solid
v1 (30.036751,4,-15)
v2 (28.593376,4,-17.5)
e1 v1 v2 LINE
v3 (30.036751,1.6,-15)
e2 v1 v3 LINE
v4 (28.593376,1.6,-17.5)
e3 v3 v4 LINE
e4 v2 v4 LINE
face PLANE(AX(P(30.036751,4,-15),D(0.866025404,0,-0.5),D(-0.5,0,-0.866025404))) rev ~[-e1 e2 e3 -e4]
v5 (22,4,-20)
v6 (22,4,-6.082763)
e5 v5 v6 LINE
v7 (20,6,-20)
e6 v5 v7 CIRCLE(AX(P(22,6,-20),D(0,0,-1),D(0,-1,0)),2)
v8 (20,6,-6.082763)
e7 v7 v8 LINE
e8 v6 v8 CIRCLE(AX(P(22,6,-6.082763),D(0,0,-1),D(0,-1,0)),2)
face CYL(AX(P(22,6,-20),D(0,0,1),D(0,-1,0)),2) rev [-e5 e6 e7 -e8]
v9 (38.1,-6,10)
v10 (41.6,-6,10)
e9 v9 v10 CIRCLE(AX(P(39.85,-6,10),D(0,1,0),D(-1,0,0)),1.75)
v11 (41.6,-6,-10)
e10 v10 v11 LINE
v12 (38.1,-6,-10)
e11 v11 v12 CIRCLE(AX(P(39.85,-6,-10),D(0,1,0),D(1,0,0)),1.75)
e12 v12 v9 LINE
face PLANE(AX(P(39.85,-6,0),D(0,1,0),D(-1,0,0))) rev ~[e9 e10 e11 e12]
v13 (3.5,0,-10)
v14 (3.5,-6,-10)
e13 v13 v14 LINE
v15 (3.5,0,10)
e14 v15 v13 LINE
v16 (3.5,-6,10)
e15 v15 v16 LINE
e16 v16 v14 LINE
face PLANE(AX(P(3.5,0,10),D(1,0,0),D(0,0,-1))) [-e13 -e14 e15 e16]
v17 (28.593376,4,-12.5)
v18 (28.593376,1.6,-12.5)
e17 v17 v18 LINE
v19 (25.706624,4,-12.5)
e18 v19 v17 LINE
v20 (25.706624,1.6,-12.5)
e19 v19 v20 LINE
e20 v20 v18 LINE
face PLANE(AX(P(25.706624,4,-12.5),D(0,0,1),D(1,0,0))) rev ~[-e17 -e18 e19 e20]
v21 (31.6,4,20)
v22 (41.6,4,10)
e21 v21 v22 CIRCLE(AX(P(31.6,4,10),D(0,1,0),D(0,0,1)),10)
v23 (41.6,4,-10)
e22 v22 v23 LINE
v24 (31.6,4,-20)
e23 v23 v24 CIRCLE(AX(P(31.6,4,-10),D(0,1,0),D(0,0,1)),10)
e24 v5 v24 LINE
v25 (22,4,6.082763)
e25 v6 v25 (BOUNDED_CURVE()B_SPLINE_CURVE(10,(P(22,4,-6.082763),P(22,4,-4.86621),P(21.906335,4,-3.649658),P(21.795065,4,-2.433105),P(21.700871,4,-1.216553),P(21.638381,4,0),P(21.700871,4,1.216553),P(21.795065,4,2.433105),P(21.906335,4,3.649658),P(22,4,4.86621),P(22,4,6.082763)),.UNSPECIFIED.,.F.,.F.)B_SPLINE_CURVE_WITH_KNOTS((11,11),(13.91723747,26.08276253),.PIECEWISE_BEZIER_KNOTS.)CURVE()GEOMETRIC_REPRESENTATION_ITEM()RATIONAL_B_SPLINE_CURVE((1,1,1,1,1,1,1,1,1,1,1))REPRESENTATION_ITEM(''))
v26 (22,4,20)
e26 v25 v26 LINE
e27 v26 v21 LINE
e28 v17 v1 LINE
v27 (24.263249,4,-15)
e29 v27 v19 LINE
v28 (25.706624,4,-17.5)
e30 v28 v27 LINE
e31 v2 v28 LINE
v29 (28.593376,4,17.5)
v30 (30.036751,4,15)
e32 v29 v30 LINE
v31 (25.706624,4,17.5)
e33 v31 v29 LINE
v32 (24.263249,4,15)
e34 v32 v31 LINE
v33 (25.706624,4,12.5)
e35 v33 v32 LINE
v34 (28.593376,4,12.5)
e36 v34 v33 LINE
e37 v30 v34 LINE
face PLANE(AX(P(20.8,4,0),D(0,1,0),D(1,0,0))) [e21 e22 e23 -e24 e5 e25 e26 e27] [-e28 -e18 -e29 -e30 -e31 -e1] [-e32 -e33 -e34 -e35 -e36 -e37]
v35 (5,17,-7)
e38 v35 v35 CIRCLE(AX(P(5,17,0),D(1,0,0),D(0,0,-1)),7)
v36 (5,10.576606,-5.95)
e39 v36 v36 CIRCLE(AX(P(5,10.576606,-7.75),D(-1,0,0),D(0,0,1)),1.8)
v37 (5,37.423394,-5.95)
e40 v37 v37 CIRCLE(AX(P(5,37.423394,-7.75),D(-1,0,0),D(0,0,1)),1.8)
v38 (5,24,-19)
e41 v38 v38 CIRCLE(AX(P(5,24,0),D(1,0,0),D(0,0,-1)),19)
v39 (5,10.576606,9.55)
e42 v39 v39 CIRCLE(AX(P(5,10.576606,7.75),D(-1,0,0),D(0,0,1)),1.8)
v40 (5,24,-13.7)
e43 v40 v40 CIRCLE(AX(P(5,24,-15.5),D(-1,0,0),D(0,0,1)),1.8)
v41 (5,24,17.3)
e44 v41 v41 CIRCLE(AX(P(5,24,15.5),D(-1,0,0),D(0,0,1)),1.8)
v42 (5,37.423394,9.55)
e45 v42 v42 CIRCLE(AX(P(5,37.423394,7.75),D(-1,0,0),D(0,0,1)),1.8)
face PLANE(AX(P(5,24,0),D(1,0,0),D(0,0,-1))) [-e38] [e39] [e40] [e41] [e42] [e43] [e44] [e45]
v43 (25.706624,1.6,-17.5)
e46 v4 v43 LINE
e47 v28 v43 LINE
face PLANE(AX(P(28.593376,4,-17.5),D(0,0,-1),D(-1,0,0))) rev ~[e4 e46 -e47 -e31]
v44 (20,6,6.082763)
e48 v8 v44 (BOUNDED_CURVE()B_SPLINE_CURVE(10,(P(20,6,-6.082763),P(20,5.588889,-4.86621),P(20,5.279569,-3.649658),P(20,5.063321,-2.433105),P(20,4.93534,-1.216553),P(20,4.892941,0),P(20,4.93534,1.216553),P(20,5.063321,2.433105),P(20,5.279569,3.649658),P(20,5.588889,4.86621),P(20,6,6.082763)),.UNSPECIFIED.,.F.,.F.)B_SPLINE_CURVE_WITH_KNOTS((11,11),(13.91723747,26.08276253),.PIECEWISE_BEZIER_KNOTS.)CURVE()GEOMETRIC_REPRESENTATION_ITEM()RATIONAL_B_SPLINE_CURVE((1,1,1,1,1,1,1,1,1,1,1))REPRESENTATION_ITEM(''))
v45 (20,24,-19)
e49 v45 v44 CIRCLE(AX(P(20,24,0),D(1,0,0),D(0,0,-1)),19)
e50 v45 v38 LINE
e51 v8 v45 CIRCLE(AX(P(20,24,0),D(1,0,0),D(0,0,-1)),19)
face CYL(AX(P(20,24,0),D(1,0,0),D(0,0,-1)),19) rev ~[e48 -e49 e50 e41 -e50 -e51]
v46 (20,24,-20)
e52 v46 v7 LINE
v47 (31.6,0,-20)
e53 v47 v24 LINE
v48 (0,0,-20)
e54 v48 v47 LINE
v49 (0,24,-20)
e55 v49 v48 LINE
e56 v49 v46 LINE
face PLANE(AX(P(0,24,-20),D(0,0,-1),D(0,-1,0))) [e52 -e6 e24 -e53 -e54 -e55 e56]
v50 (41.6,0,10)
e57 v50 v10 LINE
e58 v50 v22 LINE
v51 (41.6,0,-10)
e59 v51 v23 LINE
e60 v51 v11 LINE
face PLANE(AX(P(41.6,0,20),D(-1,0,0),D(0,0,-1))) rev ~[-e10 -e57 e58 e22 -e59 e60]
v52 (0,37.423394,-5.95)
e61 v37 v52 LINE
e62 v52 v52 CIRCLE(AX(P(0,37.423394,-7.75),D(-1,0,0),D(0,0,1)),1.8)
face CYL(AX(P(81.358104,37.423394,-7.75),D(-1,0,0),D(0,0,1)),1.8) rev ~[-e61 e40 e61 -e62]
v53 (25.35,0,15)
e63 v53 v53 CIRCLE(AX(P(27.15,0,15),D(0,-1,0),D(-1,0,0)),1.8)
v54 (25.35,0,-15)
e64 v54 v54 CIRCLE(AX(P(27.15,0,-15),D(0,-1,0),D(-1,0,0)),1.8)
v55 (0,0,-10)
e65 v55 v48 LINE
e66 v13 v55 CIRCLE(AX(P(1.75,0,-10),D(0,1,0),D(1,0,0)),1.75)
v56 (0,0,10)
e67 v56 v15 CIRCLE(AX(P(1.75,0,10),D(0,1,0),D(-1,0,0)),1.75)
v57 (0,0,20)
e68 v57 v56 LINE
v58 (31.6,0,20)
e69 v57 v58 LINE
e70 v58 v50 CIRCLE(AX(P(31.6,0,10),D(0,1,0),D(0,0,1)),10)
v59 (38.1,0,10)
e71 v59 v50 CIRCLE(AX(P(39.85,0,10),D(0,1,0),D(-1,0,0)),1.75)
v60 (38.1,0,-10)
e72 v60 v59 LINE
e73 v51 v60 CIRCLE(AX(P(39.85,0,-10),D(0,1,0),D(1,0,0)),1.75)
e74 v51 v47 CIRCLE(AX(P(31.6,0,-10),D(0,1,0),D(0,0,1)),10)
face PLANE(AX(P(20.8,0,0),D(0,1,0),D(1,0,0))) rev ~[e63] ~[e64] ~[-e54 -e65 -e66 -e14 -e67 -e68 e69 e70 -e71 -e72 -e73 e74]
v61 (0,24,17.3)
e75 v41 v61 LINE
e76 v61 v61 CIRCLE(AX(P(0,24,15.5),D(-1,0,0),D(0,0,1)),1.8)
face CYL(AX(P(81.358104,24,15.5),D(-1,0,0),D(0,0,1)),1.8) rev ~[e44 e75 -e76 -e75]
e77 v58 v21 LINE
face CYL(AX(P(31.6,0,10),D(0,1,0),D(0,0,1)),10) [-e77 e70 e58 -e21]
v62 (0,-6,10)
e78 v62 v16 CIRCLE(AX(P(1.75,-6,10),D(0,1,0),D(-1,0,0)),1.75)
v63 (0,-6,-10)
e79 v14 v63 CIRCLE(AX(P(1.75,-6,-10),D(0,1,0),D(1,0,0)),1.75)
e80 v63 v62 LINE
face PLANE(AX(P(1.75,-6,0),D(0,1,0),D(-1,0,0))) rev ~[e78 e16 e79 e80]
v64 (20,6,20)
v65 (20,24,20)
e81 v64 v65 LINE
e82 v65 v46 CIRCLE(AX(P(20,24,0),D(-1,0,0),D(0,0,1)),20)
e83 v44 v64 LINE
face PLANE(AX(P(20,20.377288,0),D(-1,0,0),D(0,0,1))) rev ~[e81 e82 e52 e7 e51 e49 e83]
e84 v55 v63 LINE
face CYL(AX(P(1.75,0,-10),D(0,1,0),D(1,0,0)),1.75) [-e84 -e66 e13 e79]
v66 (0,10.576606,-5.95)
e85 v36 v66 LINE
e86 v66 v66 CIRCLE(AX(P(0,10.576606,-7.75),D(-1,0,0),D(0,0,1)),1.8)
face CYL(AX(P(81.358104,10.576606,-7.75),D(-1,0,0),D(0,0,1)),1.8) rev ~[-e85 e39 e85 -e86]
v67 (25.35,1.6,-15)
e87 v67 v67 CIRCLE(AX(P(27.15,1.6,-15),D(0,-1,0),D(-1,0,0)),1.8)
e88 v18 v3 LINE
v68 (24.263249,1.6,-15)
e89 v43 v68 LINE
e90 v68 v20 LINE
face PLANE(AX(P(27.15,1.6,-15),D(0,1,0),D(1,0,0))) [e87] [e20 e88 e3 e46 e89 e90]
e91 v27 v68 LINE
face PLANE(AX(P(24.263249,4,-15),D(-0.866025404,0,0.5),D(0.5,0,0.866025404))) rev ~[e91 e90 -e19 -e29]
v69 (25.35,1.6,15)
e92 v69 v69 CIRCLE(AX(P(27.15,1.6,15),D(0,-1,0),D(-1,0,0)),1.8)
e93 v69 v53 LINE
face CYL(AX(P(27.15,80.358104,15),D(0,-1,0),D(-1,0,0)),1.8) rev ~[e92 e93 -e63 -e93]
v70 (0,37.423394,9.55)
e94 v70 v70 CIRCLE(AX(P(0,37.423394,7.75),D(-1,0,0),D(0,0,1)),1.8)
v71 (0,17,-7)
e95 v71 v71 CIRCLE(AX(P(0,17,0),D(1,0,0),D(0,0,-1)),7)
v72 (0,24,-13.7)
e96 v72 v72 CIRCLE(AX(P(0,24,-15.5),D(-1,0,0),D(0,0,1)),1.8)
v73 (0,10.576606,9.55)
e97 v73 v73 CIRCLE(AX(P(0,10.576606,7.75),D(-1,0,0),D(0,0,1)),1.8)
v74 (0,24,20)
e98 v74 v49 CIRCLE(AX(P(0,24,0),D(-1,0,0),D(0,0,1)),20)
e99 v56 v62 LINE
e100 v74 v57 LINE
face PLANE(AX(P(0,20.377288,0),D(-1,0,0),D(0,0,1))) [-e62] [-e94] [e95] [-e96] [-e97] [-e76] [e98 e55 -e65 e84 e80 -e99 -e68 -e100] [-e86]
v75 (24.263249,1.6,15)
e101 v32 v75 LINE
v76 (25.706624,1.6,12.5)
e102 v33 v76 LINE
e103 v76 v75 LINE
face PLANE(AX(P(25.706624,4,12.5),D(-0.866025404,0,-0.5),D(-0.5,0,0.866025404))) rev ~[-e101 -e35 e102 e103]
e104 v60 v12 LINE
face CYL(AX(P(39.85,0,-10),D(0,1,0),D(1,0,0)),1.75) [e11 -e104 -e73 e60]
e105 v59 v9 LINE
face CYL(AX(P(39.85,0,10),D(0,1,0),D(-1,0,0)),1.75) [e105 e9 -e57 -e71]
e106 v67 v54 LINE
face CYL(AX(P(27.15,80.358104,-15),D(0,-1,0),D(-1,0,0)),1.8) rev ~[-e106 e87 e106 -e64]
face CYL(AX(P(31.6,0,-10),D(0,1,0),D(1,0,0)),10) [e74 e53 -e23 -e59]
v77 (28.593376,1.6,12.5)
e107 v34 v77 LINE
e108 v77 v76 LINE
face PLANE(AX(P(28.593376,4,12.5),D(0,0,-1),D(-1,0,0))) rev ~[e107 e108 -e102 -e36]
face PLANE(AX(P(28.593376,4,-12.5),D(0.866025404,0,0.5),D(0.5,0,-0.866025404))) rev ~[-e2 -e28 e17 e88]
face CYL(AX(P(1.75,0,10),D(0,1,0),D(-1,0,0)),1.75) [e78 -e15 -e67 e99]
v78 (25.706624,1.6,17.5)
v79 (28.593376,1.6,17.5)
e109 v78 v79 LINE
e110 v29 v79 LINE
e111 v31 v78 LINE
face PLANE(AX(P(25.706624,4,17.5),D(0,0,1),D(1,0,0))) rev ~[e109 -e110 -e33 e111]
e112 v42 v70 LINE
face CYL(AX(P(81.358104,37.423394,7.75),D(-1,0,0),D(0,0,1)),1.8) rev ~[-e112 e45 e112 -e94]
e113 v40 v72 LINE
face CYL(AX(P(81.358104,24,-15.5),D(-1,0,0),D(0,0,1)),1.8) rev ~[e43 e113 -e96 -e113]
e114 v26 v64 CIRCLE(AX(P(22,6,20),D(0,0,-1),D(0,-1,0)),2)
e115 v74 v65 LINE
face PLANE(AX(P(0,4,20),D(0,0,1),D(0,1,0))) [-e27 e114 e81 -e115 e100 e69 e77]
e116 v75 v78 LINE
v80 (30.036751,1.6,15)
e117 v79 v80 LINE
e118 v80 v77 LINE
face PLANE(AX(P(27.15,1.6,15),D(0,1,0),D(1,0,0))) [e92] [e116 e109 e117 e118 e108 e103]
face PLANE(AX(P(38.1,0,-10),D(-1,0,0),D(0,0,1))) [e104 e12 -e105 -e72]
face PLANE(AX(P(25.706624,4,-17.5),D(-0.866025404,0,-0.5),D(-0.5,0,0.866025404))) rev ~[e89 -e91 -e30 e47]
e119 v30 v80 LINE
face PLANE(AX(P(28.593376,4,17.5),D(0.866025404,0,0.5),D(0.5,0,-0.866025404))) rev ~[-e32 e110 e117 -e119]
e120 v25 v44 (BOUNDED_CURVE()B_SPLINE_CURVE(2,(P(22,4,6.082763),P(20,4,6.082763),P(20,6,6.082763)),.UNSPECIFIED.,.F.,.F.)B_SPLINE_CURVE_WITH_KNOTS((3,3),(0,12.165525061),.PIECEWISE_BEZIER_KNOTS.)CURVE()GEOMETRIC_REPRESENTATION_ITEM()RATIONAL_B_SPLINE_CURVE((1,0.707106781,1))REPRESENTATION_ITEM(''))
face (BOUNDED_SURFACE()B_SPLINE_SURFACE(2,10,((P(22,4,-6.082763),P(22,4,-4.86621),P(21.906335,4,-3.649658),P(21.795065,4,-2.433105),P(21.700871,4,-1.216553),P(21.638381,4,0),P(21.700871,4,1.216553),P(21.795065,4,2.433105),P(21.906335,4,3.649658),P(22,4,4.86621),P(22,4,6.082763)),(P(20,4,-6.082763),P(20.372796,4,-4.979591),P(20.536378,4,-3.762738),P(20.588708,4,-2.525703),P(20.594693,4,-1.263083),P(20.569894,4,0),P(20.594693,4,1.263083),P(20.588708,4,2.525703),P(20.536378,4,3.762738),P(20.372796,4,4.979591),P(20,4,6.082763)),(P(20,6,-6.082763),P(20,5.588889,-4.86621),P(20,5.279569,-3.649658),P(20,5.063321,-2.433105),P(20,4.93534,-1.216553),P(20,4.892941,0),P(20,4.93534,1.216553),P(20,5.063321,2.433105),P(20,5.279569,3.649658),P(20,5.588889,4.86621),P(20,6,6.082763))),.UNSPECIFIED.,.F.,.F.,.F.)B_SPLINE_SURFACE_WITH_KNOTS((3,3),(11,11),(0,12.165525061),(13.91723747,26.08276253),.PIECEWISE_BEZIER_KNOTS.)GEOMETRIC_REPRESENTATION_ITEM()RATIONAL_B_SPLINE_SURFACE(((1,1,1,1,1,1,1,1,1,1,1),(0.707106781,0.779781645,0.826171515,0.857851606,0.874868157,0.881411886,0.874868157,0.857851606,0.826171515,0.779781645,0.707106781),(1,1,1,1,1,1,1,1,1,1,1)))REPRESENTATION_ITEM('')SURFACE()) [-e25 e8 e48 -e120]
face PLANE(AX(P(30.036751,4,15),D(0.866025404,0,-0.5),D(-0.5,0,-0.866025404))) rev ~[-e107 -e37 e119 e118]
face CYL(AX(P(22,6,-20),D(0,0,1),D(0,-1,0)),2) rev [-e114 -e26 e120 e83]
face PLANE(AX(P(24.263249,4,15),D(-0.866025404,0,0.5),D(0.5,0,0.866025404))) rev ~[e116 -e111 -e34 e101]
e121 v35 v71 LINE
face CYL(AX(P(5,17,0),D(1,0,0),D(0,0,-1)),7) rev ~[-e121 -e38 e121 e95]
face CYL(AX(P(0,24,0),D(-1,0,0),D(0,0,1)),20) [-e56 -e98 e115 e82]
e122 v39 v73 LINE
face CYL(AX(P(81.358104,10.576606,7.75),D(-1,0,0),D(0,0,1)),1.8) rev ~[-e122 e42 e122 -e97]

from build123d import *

# Parameters (mm, degrees)
ESQUISSE1_W             = 41.6
ESQUISSE1_H             = 40
BOSS_EXTRU_1_DEPTH      = 4
BOSS_EXTRU_2_DEPTH      = 20
ESQUISSE3_R             = 19
ENL_V_MAT_EXTRU_1_DEPTH = 15
ENL_V_MAT_EXTRU_2_REACH = 62.626
ESQUISSE5_R             = 7
BOSS_EXTRU_3_DEPTH      = 6
D_GAGEMENT_M31_D        = 3.6
CONG_1_R                = 10
D_GAGEMENT_M32_D        = 3.6
ENL_V_MAT_EXTRU_3_DEPTH = 2.4
CONG_2_R                = 2


with BuildPart() as part:
    # Esquisse1 → Boss.-Extru.1 (new body)
    with BuildSketch(Plane(origin=(0, 0, 0), x_dir=(1, 0, 0), z_dir=(0, 1, 0))):
        with Locations((20.8, 0)):
            Rectangle(ESQUISSE1_W, ESQUISSE1_H)
    extrude(amount=BOSS_EXTRU_1_DEPTH)

    # Esquisse2 → Boss.-Extru.2 (add)
    with BuildSketch(Plane.ZY):
        with BuildLine():
            Line((-20, 4), (20, 4))
            Line((20, 4), (20, 24))
            ThreePointArc((20, 24), (0, 44), (-20, 24))
            Line((-20, 24), (-20, 4))
        make_face()
    extrude(amount=-BOSS_EXTRU_2_DEPTH)

    # Esquisse3 → Enlèv. mat.-Extru.1 (cut)
    with BuildSketch(Plane(origin=(20, 0, 0), x_dir=(0, 0, -1), z_dir=(1, 0, 0))):
        with Locations((0, 24)):
            Circle(ESQUISSE3_R)
    extrude(amount=-ENL_V_MAT_EXTRU_1_DEPTH, mode=Mode.SUBTRACT)

    # Esquisse5 → Enlèv. mat.-Extru.2 (cut, up to next)
    with BuildSketch(Plane(origin=(5, 0, 0), x_dir=(0, 0, -1), z_dir=(1, 0, 0)), mode=Mode.PRIVATE) as enl_v_mat_extru_2_sk1:
        with Locations((0, 17)):
            Circle(ESQUISSE5_R)
    enl_v_mat_extru_2_tool1 = extrude(enl_v_mat_extru_2_sk1.sketch, amount=-ENL_V_MAT_EXTRU_2_REACH, mode=Mode.PRIVATE) & part.part
    add(enl_v_mat_extru_2_tool1.solids().sort_by_distance((5, 17, 0))[0], mode=Mode.SUBTRACT)

    # Esquisse6 → Boss.-Extru.3 (add)
    with BuildSketch(Plane.XZ):
        with BuildLine():
            Line((3.5, 10), (3.5, -10))
            ThreePointArc((3.5, -10), (1.75, -11.75), (0, -10))
            Line((0, -10), (0, 10))
            ThreePointArc((0, 10), (1.75, 11.75), (3.5, 10))
        make_face()
        with BuildLine():
            Line((41.6, 10), (41.6, -10))
            ThreePointArc((41.6, -10), (39.85, -11.75), (38.1, -10))
            Line((38.1, -10), (38.1, 10))
            ThreePointArc((38.1, 10), (39.85, 11.75), (41.6, 10))
        make_face()
    extrude(amount=BOSS_EXTRU_3_DEPTH)

    # Dégagement M31 (through all)
    with Locations(Plane(origin=(5, 0, 0), x_dir=(0, 0, -1), z_dir=(1, 0, 0))):
        with Locations((-15.5, 24), (-7.75, 37.423393759), (7.75, 37.423393759), (15.5, 24), (7.75, 10.576606241), (-7.75, 10.576606241)):
            Hole(D_GAGEMENT_M31_D / 2)

    # Congé1
    cong_1_edges = [part.edges().sort_by_distance(p)[0] for p in [
        (41.6, 2, -20),
        (41.6, 2, 20),
    ]]
    fillet(cong_1_edges, radius=CONG_1_R)

    # Dégagement M32 (through all)
    with Locations(Plane(origin=(0, 4, 0), x_dir=(1, 0, 0), z_dir=(0, 1, 0))):
        with Locations((27.15, -15), (27.15, 15)):
            Hole(D_GAGEMENT_M32_D / 2)

    # Esquisse12 → Enlèv. mat.-Extru.3 (cut)
    with BuildSketch(Plane(origin=(0, 4, 0), x_dir=(1, 0, 0), z_dir=(0, 1, 0))):
        Polygon((30.036751346, -15), (28.593375673, -12.5), (25.706624327, -12.5), (24.263248654, -15), (25.706624327, -17.5), (28.593375673, -17.5), align=None)
        Polygon((30.036751346, 15), (28.593375673, 17.5), (25.706624327, 17.5), (24.263248654, 15), (25.706624327, 12.5), (28.593375673, 12.5), align=None)
    extrude(amount=-ENL_V_MAT_EXTRU_3_DEPTH, mode=Mode.SUBTRACT)

    # Congé2
    cong_2_edges = [part.edges().sort_by_distance(p)[0] for p in [
        (20, 4, 0),
    ]]
    fillet(cong_2_edges, radius=CONG_2_R)


solid = part.part
